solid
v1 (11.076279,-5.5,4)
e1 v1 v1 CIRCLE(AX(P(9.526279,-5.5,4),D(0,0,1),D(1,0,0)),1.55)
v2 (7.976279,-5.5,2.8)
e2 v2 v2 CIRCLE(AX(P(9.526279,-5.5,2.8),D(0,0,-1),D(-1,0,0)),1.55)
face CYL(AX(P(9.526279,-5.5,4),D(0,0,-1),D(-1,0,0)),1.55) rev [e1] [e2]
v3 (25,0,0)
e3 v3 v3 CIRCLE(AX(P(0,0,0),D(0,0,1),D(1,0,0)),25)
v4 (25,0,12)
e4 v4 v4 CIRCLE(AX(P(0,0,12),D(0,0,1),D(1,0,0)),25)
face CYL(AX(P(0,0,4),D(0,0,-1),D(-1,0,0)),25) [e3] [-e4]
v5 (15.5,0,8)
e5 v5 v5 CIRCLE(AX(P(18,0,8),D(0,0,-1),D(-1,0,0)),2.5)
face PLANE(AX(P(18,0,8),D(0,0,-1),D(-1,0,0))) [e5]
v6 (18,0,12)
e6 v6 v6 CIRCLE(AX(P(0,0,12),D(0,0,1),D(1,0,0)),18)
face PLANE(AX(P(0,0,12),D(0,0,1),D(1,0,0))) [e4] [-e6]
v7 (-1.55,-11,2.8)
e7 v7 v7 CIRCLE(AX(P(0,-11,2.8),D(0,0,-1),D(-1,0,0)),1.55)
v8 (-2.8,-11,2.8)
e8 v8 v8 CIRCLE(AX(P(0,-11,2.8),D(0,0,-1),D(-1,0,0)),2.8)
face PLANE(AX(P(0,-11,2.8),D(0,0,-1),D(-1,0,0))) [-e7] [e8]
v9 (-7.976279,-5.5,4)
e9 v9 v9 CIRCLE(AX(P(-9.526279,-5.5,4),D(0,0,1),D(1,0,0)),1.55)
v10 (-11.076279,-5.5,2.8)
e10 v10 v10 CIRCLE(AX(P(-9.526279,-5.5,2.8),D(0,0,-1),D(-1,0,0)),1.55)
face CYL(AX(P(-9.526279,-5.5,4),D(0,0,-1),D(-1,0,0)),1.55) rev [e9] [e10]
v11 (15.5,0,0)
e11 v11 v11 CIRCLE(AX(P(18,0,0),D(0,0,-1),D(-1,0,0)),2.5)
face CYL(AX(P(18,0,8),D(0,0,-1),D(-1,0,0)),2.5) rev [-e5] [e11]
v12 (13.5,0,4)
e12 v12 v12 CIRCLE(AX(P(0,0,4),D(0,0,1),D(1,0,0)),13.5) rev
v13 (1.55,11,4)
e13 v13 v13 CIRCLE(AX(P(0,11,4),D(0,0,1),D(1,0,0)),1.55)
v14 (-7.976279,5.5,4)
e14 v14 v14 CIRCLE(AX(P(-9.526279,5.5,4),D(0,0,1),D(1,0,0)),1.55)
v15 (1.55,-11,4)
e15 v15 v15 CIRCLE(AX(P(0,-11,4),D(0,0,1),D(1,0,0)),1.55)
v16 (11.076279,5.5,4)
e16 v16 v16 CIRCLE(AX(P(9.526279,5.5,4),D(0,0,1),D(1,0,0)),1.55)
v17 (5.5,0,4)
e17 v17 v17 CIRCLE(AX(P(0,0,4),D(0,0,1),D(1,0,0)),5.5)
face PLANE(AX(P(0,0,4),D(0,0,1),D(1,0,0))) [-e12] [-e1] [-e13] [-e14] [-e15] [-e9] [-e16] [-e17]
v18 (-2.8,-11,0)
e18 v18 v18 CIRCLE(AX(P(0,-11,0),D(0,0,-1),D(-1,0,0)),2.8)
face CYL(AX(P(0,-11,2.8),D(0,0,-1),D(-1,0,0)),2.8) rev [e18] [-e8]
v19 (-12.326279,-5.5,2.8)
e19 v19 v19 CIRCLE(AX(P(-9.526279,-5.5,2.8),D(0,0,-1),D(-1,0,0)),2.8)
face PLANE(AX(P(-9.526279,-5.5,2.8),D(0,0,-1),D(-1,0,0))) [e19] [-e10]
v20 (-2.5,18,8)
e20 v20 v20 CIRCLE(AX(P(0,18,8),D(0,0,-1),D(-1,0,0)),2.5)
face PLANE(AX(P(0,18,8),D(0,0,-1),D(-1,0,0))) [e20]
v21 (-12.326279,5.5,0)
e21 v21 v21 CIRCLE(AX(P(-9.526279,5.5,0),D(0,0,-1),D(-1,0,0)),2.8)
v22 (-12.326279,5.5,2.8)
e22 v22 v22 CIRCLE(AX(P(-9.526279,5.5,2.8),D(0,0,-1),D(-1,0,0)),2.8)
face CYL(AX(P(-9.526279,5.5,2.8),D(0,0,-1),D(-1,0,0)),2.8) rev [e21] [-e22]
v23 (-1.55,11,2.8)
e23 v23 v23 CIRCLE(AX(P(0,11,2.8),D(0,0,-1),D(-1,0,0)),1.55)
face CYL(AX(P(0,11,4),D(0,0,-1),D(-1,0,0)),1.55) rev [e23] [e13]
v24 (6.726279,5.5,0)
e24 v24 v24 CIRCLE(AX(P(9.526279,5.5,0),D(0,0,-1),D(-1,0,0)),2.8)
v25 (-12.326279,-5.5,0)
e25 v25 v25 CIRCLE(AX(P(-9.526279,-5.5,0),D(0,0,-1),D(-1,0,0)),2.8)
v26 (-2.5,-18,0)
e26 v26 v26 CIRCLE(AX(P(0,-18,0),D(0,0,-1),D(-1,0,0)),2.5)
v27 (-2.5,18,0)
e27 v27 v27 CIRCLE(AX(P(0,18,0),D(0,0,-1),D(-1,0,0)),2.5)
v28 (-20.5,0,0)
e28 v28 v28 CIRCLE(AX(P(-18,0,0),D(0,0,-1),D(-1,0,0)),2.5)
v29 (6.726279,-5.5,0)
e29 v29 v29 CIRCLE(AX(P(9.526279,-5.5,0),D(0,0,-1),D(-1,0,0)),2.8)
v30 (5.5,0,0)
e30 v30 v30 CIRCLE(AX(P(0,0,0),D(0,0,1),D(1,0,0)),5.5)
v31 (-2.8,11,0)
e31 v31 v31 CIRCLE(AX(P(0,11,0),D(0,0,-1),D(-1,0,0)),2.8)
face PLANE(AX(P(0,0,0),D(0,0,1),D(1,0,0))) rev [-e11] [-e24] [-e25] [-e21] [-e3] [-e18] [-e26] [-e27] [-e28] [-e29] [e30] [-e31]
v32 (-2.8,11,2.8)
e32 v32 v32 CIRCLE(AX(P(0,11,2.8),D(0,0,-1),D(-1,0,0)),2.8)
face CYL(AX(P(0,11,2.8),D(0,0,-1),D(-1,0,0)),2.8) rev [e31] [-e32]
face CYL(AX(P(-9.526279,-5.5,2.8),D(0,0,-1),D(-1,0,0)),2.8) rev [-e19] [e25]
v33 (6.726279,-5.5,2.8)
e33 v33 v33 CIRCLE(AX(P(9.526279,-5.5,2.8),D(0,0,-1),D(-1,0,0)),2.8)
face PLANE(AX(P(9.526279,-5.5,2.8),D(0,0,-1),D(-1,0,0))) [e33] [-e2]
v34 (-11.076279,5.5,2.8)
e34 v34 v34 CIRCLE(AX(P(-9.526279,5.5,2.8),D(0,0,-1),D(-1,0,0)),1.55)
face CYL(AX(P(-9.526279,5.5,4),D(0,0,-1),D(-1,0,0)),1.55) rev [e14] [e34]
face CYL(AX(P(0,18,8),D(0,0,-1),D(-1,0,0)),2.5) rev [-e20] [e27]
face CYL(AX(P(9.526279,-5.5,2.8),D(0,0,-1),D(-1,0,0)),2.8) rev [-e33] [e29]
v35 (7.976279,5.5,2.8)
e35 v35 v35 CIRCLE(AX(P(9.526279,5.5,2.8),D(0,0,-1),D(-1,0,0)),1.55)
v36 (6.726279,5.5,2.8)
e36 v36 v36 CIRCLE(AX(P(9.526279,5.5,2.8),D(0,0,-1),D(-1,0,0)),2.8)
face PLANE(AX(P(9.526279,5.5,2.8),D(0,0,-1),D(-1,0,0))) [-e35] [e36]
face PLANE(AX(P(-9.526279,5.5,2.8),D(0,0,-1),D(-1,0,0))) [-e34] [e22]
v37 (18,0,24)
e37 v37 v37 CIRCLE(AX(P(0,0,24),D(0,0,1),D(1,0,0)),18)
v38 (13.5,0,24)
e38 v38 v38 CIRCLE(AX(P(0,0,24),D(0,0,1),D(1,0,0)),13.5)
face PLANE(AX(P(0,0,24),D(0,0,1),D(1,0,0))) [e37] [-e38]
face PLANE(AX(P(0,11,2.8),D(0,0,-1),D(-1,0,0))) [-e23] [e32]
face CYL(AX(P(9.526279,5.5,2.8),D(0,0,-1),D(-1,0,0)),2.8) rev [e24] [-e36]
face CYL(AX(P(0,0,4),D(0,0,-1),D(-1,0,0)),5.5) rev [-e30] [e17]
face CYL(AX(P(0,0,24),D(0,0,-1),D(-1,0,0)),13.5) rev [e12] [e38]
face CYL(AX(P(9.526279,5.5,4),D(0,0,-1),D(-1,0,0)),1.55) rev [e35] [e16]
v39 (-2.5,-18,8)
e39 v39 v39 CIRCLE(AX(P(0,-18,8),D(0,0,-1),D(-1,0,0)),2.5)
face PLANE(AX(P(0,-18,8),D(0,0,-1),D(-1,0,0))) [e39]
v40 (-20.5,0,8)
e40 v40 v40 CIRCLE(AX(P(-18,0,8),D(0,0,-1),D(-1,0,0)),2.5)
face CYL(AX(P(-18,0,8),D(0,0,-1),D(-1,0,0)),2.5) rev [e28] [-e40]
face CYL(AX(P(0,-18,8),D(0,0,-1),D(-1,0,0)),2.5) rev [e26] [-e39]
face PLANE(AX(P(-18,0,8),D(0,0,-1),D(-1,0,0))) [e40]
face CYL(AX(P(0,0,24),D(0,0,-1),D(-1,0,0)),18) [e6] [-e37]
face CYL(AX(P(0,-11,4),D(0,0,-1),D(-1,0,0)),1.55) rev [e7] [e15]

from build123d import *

# Parameters (mm, degrees)
SKETCH1_R           = 25
SKETCH1_R_2         = 5.5
SKETCH1_R_3         = 1.55
BOSS_EXTRUDE1_DEPTH = 4
SKETCH2_R           = 2.8
CUT_EXTRUDE1_DEPTH  = 2.8
SKETCH4_R           = 18
SKETCH4_R_2         = 13.5
BOSS_EXTRUDE2_DEPTH = 20
SKETCH5_R           = 25
SKETCH5_R_2         = 18
BOSS_EXTRUDE3_DEPTH = 8
SKETCH3_R           = 2.5
CUT_EXTRUDE3_DEPTH  = 8


with BuildPart() as part:
    # Sketch1 → Boss-Extrude1 (new body)
    with BuildSketch(Plane.XY):
        Circle(SKETCH1_R)
        Circle(SKETCH1_R_2, mode=Mode.SUBTRACT)
        with Locations((0, 11)):
            Circle(SKETCH1_R_3, mode=Mode.SUBTRACT)
        with Locations((9.526279442, 5.5)):
            Circle(SKETCH1_R_3, mode=Mode.SUBTRACT)
        with Locations((9.526279442, -5.5)):
            Circle(SKETCH1_R_3, mode=Mode.SUBTRACT)
        with Locations((0, -11)):
            Circle(SKETCH1_R_3, mode=Mode.SUBTRACT)
        with Locations((-9.526279442, -5.5)):
            Circle(SKETCH1_R_3, mode=Mode.SUBTRACT)
        with Locations((-9.526279442, 5.5)):
            Circle(SKETCH1_R_3, mode=Mode.SUBTRACT)
    extrude(amount=BOSS_EXTRUDE1_DEPTH)

    # Sketch2 → Cut-Extrude1 (cut)
    with BuildSketch(Plane(origin=(0, 0, 0), x_dir=(-1, 0, 0), z_dir=(0, 0, -1))):
        with Locations((0, 11)):
            Circle(SKETCH2_R)
        with Locations((9.526279442, 5.5)):
            Circle(SKETCH2_R)
        with Locations((9.526279442, -5.5)):
            Circle(SKETCH2_R)
        with Locations((0, -11)):
            Circle(SKETCH2_R)
        with Locations((-9.526279442, -5.5)):
            Circle(SKETCH2_R)
        with Locations((-9.526279442, 5.5)):
            Circle(SKETCH2_R)
    extrude(amount=-CUT_EXTRUDE1_DEPTH, mode=Mode.SUBTRACT)

    # Sketch4 → Boss-Extrude2 (add)
    with BuildSketch(Plane.XY.offset(4)):
        Circle(SKETCH4_R)
        Circle(SKETCH4_R_2, mode=Mode.SUBTRACT)
    extrude(amount=BOSS_EXTRUDE2_DEPTH)

    # Sketch5 → Boss-Extrude3 (add)
    with BuildSketch(Plane.XY.offset(4)):
        Circle(SKETCH5_R)
        Circle(SKETCH5_R_2, mode=Mode.SUBTRACT)
    extrude(amount=BOSS_EXTRUDE3_DEPTH)

    # Sketch3 → Cut-Extrude3 (cut)
    with BuildSketch(Plane(origin=(0, 0, 0), x_dir=(-1, 0, 0), z_dir=(0, 0, -1))):
        with Locations((0, 18)):
            Circle(SKETCH3_R)
        with Locations((18, 0)):
            Circle(SKETCH3_R)
        with Locations((0, -18)):
            Circle(SKETCH3_R)
        with Locations((-18, 0)):
            Circle(SKETCH3_R)
    extrude(amount=-CUT_EXTRUDE3_DEPTH, mode=Mode.SUBTRACT)


solid = part.part
